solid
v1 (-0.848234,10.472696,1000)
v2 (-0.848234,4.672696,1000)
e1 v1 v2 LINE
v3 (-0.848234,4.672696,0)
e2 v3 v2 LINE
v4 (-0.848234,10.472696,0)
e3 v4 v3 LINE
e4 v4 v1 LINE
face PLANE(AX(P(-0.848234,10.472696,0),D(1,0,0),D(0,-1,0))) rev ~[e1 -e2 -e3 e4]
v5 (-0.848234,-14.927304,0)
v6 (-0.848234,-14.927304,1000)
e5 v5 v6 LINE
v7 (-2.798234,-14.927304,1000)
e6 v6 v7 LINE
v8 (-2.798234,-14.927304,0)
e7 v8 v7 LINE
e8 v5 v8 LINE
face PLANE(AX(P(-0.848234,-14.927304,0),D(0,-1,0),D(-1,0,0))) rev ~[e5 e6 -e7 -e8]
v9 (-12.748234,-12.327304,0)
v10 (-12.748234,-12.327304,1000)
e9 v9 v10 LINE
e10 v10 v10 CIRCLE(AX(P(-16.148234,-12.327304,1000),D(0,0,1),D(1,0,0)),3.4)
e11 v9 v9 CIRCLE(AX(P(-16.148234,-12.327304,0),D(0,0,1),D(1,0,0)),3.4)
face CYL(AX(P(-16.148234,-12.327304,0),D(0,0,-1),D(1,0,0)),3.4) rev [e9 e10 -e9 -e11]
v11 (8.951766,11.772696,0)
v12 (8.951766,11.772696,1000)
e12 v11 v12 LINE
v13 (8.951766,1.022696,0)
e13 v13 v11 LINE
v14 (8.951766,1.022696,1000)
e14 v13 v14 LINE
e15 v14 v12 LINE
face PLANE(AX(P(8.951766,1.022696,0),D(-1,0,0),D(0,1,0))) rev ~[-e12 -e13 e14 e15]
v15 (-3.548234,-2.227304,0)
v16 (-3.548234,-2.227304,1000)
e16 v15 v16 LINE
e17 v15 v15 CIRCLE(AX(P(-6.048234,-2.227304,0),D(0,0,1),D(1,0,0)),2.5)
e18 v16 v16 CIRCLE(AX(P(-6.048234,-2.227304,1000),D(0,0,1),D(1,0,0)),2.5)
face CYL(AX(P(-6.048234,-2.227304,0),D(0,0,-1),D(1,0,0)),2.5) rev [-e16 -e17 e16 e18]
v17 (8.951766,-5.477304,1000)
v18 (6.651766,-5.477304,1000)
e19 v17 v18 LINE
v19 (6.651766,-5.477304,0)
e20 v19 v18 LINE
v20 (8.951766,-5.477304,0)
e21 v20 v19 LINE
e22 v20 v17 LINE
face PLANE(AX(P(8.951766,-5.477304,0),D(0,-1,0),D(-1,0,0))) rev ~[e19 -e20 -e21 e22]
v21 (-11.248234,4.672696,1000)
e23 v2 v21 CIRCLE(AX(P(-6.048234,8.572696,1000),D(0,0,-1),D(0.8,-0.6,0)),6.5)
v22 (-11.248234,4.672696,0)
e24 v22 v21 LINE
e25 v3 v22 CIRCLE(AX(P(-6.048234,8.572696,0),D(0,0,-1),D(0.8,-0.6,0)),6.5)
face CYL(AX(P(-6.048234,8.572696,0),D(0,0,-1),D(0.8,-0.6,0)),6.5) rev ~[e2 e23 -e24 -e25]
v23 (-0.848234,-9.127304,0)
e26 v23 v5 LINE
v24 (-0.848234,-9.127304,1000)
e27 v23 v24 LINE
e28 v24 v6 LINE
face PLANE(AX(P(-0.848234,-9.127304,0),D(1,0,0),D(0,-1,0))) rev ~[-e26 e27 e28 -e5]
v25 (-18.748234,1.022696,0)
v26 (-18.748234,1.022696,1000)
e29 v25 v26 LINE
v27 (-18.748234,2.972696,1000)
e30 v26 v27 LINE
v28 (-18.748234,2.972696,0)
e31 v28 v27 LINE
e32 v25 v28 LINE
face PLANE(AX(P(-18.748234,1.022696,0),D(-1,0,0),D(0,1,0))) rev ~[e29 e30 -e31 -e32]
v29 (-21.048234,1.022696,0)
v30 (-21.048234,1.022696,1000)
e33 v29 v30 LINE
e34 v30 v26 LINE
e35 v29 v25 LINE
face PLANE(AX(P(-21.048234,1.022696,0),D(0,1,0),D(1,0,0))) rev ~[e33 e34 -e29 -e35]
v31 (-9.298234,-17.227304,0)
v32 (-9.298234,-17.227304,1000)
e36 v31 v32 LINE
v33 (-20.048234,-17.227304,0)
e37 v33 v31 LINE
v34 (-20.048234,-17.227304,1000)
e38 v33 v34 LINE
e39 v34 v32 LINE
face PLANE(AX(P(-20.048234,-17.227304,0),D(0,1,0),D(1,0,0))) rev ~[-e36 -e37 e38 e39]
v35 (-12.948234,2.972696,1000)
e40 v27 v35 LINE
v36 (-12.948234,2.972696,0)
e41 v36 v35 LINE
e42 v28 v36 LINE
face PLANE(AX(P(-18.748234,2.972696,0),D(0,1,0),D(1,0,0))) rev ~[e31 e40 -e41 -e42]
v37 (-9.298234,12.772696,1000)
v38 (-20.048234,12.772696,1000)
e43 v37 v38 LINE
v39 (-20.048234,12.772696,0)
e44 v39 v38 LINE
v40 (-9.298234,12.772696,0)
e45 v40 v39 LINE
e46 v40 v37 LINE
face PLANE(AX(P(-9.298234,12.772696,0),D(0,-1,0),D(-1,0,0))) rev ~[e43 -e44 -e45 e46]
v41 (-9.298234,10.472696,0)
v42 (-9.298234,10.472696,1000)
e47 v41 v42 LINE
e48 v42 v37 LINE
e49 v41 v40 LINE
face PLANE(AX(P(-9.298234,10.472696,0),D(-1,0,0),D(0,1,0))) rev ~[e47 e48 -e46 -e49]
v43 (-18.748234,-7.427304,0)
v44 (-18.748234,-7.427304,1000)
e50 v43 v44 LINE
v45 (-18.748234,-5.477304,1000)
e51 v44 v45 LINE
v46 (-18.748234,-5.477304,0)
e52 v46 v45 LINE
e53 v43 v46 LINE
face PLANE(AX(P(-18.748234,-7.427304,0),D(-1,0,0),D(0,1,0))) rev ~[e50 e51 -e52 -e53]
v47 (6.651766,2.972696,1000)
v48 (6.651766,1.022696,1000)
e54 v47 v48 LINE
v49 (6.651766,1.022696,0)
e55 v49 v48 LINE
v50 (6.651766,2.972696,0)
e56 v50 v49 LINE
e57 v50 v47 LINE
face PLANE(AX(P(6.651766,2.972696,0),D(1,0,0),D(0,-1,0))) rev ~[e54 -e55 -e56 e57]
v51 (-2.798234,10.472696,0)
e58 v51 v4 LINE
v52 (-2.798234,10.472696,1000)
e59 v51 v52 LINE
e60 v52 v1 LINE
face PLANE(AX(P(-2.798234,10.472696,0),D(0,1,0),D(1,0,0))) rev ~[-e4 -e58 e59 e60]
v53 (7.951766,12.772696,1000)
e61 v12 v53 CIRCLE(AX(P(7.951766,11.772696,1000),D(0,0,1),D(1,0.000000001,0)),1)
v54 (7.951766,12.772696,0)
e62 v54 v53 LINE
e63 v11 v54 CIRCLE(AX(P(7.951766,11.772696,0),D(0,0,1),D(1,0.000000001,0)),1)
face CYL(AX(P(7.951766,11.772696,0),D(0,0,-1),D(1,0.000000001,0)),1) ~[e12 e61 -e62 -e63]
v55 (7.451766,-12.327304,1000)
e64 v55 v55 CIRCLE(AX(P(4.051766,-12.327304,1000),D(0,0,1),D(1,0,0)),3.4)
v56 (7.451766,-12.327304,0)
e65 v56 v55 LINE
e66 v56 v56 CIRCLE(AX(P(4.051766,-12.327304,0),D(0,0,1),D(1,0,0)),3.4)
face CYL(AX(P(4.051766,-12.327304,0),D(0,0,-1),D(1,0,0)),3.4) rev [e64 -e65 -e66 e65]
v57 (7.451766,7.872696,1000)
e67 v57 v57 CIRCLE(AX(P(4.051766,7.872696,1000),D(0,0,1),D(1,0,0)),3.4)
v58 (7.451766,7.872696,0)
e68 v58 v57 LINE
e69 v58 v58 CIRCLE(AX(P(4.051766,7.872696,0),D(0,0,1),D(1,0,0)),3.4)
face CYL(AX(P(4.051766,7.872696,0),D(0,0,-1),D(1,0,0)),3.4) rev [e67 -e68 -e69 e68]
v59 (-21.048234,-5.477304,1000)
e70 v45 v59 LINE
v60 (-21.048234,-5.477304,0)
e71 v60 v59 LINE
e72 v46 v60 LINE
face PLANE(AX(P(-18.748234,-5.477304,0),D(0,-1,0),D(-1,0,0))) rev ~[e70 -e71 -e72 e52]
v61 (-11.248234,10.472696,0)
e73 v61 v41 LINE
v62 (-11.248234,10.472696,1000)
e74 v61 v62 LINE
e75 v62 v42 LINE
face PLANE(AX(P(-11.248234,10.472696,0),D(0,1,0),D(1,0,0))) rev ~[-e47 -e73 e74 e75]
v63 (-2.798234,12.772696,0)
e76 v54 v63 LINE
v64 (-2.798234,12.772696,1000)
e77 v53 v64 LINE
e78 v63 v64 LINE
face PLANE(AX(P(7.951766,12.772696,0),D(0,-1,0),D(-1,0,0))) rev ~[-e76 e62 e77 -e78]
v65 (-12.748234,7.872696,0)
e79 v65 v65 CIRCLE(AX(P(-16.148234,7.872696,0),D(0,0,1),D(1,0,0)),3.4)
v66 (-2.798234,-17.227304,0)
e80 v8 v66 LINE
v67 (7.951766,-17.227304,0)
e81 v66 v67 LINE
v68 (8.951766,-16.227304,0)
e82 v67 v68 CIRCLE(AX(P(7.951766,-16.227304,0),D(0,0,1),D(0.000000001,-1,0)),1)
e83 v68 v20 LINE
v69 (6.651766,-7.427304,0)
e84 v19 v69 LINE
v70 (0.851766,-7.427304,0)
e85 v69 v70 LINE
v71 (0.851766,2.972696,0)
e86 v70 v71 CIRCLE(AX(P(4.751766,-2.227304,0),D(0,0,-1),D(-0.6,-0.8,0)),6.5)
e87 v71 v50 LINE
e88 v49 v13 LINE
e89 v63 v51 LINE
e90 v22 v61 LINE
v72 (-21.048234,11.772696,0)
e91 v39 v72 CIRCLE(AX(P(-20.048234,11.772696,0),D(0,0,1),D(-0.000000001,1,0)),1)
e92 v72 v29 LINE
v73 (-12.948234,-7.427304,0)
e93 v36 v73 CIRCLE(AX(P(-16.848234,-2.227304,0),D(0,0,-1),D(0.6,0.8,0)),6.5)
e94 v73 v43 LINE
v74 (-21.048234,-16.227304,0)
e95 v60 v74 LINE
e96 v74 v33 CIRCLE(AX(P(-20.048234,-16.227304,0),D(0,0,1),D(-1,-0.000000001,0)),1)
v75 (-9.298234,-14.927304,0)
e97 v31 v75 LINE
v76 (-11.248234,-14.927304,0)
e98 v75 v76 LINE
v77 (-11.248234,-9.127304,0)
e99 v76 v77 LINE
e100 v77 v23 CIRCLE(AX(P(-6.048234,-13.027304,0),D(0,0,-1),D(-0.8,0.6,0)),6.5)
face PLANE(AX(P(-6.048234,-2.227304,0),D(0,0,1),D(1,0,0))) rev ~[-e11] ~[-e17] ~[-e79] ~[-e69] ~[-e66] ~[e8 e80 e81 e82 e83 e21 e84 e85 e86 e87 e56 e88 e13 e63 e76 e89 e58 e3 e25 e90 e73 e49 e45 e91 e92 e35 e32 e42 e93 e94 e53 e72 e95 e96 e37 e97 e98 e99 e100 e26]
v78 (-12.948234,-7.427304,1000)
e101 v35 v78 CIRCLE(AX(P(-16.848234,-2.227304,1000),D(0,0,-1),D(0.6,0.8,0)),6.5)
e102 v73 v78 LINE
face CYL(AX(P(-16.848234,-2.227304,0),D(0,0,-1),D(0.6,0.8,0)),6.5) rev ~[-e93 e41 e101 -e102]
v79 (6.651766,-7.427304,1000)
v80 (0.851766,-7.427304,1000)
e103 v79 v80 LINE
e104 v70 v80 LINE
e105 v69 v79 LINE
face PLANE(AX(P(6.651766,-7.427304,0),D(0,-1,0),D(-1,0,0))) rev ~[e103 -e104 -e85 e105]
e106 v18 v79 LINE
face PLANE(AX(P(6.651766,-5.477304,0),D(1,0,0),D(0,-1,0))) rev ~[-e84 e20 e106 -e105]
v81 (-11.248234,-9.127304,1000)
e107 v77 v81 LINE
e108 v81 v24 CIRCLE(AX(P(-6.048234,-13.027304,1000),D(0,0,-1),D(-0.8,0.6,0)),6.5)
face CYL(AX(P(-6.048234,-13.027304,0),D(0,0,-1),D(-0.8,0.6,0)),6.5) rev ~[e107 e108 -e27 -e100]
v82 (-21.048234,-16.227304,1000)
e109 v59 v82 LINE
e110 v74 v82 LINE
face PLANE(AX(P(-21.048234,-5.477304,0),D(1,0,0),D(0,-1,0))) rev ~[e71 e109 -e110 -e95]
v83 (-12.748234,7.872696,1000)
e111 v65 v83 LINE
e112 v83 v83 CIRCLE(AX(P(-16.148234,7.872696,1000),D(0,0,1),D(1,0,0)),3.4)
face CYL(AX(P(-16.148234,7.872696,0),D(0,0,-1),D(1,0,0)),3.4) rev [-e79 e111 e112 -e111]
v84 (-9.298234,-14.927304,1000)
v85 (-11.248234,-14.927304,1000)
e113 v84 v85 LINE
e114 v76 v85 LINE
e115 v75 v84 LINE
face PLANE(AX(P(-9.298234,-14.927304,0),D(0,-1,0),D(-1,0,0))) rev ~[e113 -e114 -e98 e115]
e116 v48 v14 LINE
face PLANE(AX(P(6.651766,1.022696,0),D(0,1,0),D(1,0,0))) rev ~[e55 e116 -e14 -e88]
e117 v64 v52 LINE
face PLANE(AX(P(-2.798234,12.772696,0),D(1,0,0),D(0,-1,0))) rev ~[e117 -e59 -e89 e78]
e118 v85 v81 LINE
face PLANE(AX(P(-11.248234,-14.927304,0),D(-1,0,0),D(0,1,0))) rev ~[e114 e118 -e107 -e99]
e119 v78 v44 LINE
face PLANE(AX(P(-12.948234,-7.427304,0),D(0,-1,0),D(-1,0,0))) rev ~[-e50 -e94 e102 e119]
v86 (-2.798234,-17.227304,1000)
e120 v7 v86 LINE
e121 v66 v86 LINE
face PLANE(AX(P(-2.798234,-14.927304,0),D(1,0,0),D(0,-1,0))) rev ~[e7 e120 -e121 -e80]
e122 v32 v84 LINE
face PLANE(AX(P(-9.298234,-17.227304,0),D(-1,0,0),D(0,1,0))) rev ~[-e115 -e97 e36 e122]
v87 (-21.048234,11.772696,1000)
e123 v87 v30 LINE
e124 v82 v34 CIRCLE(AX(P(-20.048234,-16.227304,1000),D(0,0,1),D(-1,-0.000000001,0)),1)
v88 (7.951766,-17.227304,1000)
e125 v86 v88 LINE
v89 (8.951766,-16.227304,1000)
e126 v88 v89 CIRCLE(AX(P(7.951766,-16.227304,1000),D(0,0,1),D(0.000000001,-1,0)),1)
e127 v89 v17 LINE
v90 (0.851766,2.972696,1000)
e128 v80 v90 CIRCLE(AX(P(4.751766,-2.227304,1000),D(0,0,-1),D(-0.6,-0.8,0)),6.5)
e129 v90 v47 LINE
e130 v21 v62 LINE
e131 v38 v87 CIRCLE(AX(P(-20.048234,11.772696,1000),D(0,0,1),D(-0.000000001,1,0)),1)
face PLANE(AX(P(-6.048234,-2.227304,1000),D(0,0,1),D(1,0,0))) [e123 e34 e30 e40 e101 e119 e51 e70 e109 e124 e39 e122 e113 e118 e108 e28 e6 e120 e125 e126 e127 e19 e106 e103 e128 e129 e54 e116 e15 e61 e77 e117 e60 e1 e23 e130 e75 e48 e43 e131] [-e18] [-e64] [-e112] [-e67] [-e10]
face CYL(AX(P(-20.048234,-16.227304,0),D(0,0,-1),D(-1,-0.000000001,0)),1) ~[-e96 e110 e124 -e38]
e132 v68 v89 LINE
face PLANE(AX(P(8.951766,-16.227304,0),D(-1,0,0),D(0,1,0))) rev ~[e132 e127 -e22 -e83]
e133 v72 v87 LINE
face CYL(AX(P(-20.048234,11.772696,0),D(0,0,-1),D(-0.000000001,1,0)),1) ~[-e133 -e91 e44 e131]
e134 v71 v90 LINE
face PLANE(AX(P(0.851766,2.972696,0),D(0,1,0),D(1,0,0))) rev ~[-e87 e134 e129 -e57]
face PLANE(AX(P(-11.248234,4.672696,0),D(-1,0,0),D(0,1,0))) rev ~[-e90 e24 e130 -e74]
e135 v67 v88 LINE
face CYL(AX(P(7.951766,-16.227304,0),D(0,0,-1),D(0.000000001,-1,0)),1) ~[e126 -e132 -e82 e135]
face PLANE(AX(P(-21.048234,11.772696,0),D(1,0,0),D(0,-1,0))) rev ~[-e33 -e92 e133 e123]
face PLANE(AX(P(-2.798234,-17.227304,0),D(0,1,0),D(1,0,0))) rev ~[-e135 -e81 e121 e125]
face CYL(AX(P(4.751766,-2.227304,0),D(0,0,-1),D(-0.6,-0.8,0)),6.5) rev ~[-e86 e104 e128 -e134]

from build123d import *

# Parameters (mm, degrees)
SKETCH_1_R      = 2.5
SKETCH_1_R_2    = 3.4
EXTRUDE_1_DEPTH = 1000


with BuildPart() as part:
    # 草图1 → 凸台-拉伸1 (new body)
    with BuildSketch(Plane.XY):
        with BuildLine():
            Line((-2.798233949, -17.227303989), (7.951766051, -17.227303989))
            ThreePointArc((7.951766051, -17.227303989), (8.658872832, -16.93441077), (8.951766051, -16.227303989))
            Line((8.951766051, -16.227303989), (8.951766051, -5.477303989))
            Line((8.951766051, -5.477303989), (6.651766051, -5.477303989))
            Line((6.651766051, -5.477303989), (6.651766051, -7.427303989))
            Line((6.651766051, -7.427303989), (0.851766051, -7.427303989))
            ThreePointArc((0.851766051, -7.427303989), (-1.748233949, -2.227303989), (0.851766051, 2.972696011))
            Line((0.851766051, 2.972696011), (6.651766051, 2.972696011))
            Line((6.651766051, 2.972696011), (6.651766051, 1.022696011))
            Line((6.651766051, 1.022696011), (8.951766051, 1.022696011))
            Line((8.951766051, 1.022696011), (8.951766051, 11.772696011))
            ThreePointArc((8.951766051, 11.772696011), (8.658872832, 12.479802792), (7.951766051, 12.772696011))
            Line((7.951766051, 12.772696011), (-2.798233949, 12.772696011))
            Line((-2.798233949, 12.772696011), (-2.798233949, 10.472696011))
            Line((-2.798233949, 10.472696011), (-0.848233949, 10.472696011))
            Line((-0.848233949, 10.472696011), (-0.848233949, 4.672696011))
            ThreePointArc((-0.848233949, 4.672696011), (-6.048233949, 2.072696011), (-11.248233949, 4.672696011))
            Line((-11.248233949, 4.672696011), (-11.248233949, 10.472696011))
            Line((-11.248233949, 10.472696011), (-9.298233949, 10.472696011))
            Line((-9.298233949, 10.472696011), (-9.298233949, 12.772696011))
            Line((-9.298233949, 12.772696011), (-20.048233949, 12.772696011))
            ThreePointArc((-20.048233949, 12.772696011), (-20.75534073, 12.479802792), (-21.048233949, 11.772696011))
            Line((-21.048233949, 11.772696011), (-21.048233949, 1.022696011))
            Line((-21.048233949, 1.022696011), (-18.748233949, 1.022696011))
            Line((-18.748233949, 1.022696011), (-18.748233949, 2.972696011))
            Line((-18.748233949, 2.972696011), (-12.948233949, 2.972696011))
            ThreePointArc((-12.948233949, 2.972696011), (-10.348233949, -2.227303989), (-12.948233949, -7.427303989))
            Line((-12.948233949, -7.427303989), (-18.748233949, -7.427303989))
            Line((-18.748233949, -7.427303989), (-18.748233949, -5.477303989))
            Line((-18.748233949, -5.477303989), (-21.048233949, -5.477303989))
            Line((-21.048233949, -5.477303989), (-21.048233949, -16.227303989))
            ThreePointArc((-21.048233949, -16.227303989), (-20.75534073, -16.93441077), (-20.048233949, -17.227303989))
            Line((-20.048233949, -17.227303989), (-9.298233949, -17.227303989))
            Line((-9.298233949, -17.227303989), (-9.298233949, -14.927303989))
            Line((-9.298233949, -14.927303989), (-11.248233949, -14.927303989))
            Line((-11.248233949, -14.927303989), (-11.248233949, -9.127303989))
            ThreePointArc((-11.248233949, -9.127303989), (-6.048233949, -6.527303989), (-0.848233949, -9.127303989))
            Line((-0.848233949, -9.127303989), (-0.848233949, -14.927303989))
            Line((-0.848233949, -14.927303989), (-2.798233949, -14.927303989))
            Line((-2.798233949, -14.927303989), (-2.798233949, -17.227303989))
        make_face()
        with Locations((-6.048233949, -2.227303989)):
            Circle(SKETCH_1_R, mode=Mode.SUBTRACT)
        with Locations((-16.148233949, -12.327303989)):
            Circle(SKETCH_1_R_2, mode=Mode.SUBTRACT)
        with Locations((4.051766051, -12.327303989)):
            Circle(SKETCH_1_R_2, mode=Mode.SUBTRACT)
        with Locations((4.051766051, 7.872696011)):
            Circle(SKETCH_1_R_2, mode=Mode.SUBTRACT)
        with Locations((-16.148233949, 7.872696011)):
            Circle(SKETCH_1_R_2, mode=Mode.SUBTRACT)
    extrude(amount=EXTRUDE_1_DEPTH)


solid = part.part
